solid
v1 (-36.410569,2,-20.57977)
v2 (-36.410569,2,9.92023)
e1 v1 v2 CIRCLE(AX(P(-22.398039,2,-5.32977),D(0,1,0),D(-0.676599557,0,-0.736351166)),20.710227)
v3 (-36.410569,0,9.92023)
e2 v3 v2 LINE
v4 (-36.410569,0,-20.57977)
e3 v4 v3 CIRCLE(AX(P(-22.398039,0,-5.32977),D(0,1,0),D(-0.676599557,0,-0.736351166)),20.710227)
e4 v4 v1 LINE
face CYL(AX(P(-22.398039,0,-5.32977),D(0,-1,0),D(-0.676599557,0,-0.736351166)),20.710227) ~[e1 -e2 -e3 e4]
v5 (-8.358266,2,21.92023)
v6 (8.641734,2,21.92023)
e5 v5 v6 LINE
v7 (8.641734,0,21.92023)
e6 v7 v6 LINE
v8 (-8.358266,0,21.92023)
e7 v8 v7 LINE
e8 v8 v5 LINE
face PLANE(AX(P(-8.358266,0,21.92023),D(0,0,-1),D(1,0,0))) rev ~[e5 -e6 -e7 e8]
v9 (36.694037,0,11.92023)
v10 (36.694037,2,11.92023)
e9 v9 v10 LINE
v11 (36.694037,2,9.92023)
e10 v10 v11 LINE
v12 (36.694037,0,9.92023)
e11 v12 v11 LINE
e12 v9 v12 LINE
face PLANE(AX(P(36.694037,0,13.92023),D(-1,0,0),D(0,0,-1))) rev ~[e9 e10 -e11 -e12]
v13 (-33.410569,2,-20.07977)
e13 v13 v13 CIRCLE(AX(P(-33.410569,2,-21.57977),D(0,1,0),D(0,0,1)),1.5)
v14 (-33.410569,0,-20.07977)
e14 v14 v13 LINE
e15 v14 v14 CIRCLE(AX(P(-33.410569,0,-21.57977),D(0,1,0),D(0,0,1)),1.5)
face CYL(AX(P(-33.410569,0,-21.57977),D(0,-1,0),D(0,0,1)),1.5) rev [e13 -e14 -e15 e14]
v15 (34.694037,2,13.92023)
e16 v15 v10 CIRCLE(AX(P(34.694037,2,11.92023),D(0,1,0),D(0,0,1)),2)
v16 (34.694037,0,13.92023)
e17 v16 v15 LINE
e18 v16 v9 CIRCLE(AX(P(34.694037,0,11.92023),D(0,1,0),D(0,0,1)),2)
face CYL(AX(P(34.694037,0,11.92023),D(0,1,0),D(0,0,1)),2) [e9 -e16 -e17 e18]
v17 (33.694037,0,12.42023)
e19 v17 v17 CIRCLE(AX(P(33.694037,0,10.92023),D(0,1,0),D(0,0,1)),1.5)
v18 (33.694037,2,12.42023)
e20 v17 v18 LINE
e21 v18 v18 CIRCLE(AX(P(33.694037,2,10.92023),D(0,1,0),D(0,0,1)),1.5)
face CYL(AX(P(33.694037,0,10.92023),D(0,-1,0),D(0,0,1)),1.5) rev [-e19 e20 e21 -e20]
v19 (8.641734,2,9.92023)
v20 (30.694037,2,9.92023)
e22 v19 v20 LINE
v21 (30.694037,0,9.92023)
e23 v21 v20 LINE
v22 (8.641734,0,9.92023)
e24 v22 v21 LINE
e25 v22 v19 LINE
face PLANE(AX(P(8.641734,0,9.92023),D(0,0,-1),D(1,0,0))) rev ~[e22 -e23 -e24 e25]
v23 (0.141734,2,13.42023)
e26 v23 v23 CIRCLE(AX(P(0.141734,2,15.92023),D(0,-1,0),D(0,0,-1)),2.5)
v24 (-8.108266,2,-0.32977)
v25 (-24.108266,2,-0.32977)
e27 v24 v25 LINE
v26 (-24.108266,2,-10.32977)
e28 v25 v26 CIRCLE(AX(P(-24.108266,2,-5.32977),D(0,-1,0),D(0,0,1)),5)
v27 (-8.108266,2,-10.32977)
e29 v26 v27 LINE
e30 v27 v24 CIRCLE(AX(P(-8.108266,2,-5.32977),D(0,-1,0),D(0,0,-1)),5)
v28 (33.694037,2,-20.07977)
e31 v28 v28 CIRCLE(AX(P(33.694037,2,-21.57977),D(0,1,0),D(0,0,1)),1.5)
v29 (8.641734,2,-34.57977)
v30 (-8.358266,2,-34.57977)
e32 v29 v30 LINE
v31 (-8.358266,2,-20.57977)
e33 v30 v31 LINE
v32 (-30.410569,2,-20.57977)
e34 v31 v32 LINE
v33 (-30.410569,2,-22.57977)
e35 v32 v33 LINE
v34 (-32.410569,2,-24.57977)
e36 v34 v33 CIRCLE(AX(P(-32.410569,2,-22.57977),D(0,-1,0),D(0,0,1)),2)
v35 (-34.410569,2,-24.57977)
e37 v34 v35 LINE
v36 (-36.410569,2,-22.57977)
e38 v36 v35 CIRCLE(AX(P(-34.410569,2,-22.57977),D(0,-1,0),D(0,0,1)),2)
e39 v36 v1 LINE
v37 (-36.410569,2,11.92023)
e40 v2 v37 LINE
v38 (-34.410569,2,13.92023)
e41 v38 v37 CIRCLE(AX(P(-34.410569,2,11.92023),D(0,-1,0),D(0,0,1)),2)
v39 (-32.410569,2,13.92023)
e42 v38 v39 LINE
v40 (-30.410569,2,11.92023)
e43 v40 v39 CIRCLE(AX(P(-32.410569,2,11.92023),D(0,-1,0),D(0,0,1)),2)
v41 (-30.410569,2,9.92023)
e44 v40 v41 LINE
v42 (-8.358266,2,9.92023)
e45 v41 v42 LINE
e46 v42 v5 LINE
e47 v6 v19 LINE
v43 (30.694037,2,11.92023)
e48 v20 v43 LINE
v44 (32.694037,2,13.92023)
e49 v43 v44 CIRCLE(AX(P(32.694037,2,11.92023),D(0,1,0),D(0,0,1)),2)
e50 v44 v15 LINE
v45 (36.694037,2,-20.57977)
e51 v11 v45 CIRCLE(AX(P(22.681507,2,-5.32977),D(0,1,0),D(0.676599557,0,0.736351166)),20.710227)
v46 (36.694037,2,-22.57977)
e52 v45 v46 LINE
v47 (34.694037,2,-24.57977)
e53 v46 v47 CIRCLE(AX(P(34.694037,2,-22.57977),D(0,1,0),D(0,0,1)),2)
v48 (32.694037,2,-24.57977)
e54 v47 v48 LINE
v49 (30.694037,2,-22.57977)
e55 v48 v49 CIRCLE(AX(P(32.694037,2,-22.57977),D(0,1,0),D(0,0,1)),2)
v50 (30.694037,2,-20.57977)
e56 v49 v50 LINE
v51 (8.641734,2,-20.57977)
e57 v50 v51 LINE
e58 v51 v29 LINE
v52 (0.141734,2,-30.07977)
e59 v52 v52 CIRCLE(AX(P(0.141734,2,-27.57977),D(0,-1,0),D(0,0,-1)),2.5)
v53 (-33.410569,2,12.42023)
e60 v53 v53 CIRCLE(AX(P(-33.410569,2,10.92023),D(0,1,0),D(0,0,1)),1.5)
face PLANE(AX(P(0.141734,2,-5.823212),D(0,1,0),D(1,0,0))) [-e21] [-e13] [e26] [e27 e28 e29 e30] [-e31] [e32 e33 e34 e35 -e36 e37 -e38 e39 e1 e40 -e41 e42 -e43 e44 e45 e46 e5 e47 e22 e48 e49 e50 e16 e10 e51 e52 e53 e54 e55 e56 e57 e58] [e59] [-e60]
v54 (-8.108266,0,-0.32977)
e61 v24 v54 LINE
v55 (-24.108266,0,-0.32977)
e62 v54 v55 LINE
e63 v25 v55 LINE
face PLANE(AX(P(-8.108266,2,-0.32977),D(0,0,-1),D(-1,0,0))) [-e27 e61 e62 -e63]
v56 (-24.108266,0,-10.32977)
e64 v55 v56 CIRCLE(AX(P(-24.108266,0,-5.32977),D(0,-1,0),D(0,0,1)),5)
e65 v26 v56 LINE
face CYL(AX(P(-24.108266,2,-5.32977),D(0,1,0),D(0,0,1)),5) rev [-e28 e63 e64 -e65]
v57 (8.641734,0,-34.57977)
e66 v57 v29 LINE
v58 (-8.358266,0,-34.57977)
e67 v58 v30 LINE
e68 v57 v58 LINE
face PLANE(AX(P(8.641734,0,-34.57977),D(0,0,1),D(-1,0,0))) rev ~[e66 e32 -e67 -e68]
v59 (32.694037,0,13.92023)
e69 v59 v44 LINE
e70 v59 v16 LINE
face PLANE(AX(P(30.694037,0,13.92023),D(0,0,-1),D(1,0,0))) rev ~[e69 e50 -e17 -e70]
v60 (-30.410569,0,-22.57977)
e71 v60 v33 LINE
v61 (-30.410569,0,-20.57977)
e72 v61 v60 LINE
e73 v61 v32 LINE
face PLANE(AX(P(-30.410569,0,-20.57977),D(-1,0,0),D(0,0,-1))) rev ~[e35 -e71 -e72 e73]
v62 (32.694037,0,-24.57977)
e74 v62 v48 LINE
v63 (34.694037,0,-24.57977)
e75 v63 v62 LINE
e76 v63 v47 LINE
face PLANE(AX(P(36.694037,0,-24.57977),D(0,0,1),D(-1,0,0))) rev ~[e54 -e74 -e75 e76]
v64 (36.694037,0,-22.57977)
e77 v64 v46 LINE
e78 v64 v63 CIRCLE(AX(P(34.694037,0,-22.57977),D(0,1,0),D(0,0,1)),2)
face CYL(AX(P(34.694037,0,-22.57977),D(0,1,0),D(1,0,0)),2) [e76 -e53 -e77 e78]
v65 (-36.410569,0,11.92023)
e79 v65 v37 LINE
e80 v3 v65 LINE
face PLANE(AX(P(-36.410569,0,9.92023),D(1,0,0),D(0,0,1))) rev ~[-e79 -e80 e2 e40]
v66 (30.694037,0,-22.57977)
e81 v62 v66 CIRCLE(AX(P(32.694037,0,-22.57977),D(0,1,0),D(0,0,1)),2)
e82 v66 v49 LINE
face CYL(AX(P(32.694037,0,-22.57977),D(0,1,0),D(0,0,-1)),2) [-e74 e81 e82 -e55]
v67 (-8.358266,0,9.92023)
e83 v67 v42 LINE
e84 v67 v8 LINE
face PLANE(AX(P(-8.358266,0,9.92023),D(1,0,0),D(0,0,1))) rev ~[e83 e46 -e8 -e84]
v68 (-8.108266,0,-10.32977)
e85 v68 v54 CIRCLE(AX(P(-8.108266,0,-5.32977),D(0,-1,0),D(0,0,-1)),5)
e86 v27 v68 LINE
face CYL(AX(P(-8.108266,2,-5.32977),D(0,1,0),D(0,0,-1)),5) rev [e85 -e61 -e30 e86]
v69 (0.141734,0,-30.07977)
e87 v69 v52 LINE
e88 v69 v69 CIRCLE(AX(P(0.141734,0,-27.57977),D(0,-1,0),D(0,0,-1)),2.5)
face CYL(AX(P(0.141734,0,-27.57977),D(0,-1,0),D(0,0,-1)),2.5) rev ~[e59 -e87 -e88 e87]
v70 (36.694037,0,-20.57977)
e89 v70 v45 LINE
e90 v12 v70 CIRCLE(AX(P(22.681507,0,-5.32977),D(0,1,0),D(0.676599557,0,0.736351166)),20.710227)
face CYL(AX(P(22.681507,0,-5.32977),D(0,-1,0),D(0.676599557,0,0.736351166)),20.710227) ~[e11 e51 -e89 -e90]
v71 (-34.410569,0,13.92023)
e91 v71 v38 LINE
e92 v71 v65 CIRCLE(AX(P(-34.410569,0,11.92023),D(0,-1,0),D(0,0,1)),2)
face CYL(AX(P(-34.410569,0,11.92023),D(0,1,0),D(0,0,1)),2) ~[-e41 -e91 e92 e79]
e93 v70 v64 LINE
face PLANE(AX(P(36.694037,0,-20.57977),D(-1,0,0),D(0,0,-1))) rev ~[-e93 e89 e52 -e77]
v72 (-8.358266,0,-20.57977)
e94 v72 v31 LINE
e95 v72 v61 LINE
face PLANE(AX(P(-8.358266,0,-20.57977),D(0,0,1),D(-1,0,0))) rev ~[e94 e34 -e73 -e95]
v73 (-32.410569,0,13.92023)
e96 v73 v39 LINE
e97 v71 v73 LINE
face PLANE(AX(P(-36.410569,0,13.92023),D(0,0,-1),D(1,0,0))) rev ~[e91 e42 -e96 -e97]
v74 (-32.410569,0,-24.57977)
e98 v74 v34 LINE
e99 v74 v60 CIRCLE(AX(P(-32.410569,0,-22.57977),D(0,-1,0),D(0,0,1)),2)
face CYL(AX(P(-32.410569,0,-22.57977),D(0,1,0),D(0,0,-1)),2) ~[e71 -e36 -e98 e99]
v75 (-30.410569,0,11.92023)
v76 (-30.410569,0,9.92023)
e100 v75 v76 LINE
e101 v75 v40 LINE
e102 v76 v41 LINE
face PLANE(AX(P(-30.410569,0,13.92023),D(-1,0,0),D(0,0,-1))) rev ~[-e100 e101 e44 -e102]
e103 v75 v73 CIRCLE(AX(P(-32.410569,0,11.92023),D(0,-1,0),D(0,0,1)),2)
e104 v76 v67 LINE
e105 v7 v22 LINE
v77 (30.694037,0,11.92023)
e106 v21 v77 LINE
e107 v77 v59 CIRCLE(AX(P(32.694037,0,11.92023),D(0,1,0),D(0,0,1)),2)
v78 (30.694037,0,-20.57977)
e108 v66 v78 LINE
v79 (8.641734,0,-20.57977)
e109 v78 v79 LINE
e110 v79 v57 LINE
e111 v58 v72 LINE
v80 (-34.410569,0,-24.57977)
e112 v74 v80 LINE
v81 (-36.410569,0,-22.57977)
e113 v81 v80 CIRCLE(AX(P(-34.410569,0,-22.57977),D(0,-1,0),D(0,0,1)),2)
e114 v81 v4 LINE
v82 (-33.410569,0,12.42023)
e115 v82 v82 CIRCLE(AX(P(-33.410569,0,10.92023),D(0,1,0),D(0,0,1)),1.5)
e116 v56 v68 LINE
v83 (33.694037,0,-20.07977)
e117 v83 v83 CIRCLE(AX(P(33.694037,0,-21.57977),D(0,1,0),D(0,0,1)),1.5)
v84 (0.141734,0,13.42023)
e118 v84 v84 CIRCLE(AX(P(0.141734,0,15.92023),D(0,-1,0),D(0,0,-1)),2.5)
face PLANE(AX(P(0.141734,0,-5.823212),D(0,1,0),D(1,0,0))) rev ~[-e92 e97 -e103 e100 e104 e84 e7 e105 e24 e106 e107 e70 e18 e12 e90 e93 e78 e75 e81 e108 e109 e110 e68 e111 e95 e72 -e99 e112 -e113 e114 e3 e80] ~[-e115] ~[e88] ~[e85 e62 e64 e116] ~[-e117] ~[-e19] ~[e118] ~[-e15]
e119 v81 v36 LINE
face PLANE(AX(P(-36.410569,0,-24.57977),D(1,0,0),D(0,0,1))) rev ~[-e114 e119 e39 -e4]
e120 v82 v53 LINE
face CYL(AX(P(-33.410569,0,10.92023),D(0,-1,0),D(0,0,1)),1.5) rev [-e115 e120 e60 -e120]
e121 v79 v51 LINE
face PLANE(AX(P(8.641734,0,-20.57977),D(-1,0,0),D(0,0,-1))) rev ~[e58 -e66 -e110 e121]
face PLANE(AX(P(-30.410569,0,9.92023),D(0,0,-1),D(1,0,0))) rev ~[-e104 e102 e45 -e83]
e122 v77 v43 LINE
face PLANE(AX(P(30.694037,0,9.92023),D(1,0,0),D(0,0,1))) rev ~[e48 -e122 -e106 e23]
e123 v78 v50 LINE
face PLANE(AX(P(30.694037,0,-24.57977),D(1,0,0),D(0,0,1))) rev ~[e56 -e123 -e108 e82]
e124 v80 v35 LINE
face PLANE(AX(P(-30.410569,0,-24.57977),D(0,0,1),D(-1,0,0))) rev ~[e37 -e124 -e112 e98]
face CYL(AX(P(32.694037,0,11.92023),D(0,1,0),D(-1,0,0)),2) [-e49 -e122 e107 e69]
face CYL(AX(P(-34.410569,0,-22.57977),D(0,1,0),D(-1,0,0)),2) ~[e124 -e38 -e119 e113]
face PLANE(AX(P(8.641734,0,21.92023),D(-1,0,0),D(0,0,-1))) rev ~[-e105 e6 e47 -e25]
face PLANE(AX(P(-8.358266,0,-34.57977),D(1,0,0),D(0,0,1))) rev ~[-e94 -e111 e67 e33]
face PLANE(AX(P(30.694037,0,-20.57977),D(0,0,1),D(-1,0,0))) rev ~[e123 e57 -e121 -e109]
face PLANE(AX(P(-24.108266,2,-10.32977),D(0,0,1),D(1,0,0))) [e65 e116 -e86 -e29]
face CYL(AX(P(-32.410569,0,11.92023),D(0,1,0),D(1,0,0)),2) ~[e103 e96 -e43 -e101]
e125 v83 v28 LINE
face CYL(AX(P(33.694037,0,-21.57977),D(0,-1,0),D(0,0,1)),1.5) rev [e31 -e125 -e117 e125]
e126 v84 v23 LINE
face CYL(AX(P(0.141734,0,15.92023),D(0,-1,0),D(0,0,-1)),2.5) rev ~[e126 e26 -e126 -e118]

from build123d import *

# Parameters (mm, degrees)
SKETCH1_R           = 1.5
BOSS_EXTRUDE1_DEPTH = 2
CUT_EXTRUDE1_DEPTH  = 2
FILLET1_R           = 2
SKETCH3_R           = 2.5
CUT_EXTRUDE2_DEPTH  = 10


with BuildPart() as part:
    # Sketch1 → Boss-Extrude1 (new body)
    with BuildSketch(Plane(origin=(0, 0, 0), x_dir=(1, 0, 0), z_dir=(0, 1, 0))):
        with BuildLine():
            Line((8.64173402, -21.920230415), (8.64173402, -9.920230415))
            Line((8.64173402, -9.920230415), (30.694037343, -9.920230415))
            Line((30.694037343, -9.920230415), (30.694037343, -13.920230415))
            Line((30.694037343, -13.920230415), (36.694037343, -13.920230415))
            Line((36.694037343, -13.920230415), (36.694037343, -9.920230415))
            ThreePointArc((36.694037343, -9.920230415), (43.39173402, 5.329769585), (36.694037343, 20.579769585))
            Line((36.694037343, 20.579769585), (36.694037343, 24.579769585))
            Line((36.694037343, 24.579769585), (30.694037343, 24.579769585))
            Line((30.694037343, 24.579769585), (30.694037343, 20.579769585))
            Line((30.694037343, 20.579769585), (8.64173402, 20.579769585))
            Line((8.64173402, 20.579769585), (8.64173402, 34.579769585))
            Line((8.64173402, 34.579769585), (-8.35826598, 34.579769585))
            Line((-8.35826598, 34.579769585), (-8.35826598, 20.579769585))
            Line((-8.35826598, 20.579769585), (-30.410569302, 20.579769585))
            Line((-30.410569302, 20.579769585), (-30.410569302, 24.579769585))
            Line((-30.410569302, 24.579769585), (-36.410569302, 24.579769585))
            Line((-36.410569302, 24.579769585), (-36.410569302, 20.579769585))
            ThreePointArc((-36.410569302, 20.579769585), (-43.10826598, 5.329769585), (-36.410569302, -9.920230415))
            Line((-36.410569302, -9.920230415), (-36.410569302, -13.920230415))
            Line((-36.410569302, -13.920230415), (-30.410569302, -13.920230415))
            Line((-30.410569302, -13.920230415), (-30.410569302, -9.920230415))
            Line((-30.410569302, -9.920230415), (-8.35826598, -9.920230415))
            Line((-8.35826598, -9.920230415), (-8.35826598, -21.920230415))
            Line((-8.35826598, -21.920230415), (8.64173402, -21.920230415))
        make_face()
        with Locations(Location((-33.410569302, 21.579769585, 0), (0, 0, 270))):
            Circle(SKETCH1_R, mode=Mode.SUBTRACT)
        with Locations(Location((-33.410569302, -10.920230415, 0), (0, 0, 270))):
            Circle(SKETCH1_R, mode=Mode.SUBTRACT)
        with Locations(Location((33.694037343, -10.920230415, 0), (0, 0, 270))):
            Circle(SKETCH1_R, mode=Mode.SUBTRACT)
        with Locations(Location((33.694037343, 21.579769585, 0), (0, 0, 270))):
            Circle(SKETCH1_R, mode=Mode.SUBTRACT)
    extrude(amount=BOSS_EXTRUDE1_DEPTH)

    # Sketch2 → Cut-Extrude1 (cut)
    with BuildSketch(Plane(origin=(0, 2, 0), x_dir=(1, 0, 0), z_dir=(0, 1, 0))):
        with BuildLine():
            Line((-24.10826598, 10.329769585), (-8.10826598, 10.329769585))
            ThreePointArc((-8.10826598, 10.329769585), (-3.10826598, 5.329769585), (-8.10826598, 0.329769585))
            Line((-8.10826598, 0.329769585), (-24.10826598, 0.329769585))
            ThreePointArc((-24.10826598, 0.329769585), (-29.10826598, 5.329769585), (-24.10826598, 10.329769585))
        make_face()
    extrude(amount=-CUT_EXTRUDE1_DEPTH, mode=Mode.SUBTRACT)

    # Fillet1
    fillet1_edges = [part.edges().sort_by_distance(p)[0] for p in [
        (-30.410569302, 1, 13.920230415),
        (-36.410569302, 1, 13.920230415),
        (-36.410569302, 1, -24.579769585),
        (-30.410569302, 1, -24.579769585),
        (30.694037343, 1, -24.579769585),
        (36.694037343, 1, -24.579769585),
        (36.694037343, 1, 13.920230415),
        (30.694037343, 1, 13.920230415),
    ]]
    fillet(fillet1_edges, radius=FILLET1_R)

    # Sketch3 → Cut-Extrude2 (cut)
    with BuildSketch(Plane.XZ):
        with Locations(Location((0.14173402, -27.579769585, 0), (0, 0, 270))):
            Circle(SKETCH3_R)
        with Locations(Location((0.14173402, 15.920230415, 0), (0, 0, 270))):
            Circle(SKETCH3_R)
    extrude(amount=-CUT_EXTRUDE2_DEPTH, mode=Mode.SUBTRACT)


solid = part.part
